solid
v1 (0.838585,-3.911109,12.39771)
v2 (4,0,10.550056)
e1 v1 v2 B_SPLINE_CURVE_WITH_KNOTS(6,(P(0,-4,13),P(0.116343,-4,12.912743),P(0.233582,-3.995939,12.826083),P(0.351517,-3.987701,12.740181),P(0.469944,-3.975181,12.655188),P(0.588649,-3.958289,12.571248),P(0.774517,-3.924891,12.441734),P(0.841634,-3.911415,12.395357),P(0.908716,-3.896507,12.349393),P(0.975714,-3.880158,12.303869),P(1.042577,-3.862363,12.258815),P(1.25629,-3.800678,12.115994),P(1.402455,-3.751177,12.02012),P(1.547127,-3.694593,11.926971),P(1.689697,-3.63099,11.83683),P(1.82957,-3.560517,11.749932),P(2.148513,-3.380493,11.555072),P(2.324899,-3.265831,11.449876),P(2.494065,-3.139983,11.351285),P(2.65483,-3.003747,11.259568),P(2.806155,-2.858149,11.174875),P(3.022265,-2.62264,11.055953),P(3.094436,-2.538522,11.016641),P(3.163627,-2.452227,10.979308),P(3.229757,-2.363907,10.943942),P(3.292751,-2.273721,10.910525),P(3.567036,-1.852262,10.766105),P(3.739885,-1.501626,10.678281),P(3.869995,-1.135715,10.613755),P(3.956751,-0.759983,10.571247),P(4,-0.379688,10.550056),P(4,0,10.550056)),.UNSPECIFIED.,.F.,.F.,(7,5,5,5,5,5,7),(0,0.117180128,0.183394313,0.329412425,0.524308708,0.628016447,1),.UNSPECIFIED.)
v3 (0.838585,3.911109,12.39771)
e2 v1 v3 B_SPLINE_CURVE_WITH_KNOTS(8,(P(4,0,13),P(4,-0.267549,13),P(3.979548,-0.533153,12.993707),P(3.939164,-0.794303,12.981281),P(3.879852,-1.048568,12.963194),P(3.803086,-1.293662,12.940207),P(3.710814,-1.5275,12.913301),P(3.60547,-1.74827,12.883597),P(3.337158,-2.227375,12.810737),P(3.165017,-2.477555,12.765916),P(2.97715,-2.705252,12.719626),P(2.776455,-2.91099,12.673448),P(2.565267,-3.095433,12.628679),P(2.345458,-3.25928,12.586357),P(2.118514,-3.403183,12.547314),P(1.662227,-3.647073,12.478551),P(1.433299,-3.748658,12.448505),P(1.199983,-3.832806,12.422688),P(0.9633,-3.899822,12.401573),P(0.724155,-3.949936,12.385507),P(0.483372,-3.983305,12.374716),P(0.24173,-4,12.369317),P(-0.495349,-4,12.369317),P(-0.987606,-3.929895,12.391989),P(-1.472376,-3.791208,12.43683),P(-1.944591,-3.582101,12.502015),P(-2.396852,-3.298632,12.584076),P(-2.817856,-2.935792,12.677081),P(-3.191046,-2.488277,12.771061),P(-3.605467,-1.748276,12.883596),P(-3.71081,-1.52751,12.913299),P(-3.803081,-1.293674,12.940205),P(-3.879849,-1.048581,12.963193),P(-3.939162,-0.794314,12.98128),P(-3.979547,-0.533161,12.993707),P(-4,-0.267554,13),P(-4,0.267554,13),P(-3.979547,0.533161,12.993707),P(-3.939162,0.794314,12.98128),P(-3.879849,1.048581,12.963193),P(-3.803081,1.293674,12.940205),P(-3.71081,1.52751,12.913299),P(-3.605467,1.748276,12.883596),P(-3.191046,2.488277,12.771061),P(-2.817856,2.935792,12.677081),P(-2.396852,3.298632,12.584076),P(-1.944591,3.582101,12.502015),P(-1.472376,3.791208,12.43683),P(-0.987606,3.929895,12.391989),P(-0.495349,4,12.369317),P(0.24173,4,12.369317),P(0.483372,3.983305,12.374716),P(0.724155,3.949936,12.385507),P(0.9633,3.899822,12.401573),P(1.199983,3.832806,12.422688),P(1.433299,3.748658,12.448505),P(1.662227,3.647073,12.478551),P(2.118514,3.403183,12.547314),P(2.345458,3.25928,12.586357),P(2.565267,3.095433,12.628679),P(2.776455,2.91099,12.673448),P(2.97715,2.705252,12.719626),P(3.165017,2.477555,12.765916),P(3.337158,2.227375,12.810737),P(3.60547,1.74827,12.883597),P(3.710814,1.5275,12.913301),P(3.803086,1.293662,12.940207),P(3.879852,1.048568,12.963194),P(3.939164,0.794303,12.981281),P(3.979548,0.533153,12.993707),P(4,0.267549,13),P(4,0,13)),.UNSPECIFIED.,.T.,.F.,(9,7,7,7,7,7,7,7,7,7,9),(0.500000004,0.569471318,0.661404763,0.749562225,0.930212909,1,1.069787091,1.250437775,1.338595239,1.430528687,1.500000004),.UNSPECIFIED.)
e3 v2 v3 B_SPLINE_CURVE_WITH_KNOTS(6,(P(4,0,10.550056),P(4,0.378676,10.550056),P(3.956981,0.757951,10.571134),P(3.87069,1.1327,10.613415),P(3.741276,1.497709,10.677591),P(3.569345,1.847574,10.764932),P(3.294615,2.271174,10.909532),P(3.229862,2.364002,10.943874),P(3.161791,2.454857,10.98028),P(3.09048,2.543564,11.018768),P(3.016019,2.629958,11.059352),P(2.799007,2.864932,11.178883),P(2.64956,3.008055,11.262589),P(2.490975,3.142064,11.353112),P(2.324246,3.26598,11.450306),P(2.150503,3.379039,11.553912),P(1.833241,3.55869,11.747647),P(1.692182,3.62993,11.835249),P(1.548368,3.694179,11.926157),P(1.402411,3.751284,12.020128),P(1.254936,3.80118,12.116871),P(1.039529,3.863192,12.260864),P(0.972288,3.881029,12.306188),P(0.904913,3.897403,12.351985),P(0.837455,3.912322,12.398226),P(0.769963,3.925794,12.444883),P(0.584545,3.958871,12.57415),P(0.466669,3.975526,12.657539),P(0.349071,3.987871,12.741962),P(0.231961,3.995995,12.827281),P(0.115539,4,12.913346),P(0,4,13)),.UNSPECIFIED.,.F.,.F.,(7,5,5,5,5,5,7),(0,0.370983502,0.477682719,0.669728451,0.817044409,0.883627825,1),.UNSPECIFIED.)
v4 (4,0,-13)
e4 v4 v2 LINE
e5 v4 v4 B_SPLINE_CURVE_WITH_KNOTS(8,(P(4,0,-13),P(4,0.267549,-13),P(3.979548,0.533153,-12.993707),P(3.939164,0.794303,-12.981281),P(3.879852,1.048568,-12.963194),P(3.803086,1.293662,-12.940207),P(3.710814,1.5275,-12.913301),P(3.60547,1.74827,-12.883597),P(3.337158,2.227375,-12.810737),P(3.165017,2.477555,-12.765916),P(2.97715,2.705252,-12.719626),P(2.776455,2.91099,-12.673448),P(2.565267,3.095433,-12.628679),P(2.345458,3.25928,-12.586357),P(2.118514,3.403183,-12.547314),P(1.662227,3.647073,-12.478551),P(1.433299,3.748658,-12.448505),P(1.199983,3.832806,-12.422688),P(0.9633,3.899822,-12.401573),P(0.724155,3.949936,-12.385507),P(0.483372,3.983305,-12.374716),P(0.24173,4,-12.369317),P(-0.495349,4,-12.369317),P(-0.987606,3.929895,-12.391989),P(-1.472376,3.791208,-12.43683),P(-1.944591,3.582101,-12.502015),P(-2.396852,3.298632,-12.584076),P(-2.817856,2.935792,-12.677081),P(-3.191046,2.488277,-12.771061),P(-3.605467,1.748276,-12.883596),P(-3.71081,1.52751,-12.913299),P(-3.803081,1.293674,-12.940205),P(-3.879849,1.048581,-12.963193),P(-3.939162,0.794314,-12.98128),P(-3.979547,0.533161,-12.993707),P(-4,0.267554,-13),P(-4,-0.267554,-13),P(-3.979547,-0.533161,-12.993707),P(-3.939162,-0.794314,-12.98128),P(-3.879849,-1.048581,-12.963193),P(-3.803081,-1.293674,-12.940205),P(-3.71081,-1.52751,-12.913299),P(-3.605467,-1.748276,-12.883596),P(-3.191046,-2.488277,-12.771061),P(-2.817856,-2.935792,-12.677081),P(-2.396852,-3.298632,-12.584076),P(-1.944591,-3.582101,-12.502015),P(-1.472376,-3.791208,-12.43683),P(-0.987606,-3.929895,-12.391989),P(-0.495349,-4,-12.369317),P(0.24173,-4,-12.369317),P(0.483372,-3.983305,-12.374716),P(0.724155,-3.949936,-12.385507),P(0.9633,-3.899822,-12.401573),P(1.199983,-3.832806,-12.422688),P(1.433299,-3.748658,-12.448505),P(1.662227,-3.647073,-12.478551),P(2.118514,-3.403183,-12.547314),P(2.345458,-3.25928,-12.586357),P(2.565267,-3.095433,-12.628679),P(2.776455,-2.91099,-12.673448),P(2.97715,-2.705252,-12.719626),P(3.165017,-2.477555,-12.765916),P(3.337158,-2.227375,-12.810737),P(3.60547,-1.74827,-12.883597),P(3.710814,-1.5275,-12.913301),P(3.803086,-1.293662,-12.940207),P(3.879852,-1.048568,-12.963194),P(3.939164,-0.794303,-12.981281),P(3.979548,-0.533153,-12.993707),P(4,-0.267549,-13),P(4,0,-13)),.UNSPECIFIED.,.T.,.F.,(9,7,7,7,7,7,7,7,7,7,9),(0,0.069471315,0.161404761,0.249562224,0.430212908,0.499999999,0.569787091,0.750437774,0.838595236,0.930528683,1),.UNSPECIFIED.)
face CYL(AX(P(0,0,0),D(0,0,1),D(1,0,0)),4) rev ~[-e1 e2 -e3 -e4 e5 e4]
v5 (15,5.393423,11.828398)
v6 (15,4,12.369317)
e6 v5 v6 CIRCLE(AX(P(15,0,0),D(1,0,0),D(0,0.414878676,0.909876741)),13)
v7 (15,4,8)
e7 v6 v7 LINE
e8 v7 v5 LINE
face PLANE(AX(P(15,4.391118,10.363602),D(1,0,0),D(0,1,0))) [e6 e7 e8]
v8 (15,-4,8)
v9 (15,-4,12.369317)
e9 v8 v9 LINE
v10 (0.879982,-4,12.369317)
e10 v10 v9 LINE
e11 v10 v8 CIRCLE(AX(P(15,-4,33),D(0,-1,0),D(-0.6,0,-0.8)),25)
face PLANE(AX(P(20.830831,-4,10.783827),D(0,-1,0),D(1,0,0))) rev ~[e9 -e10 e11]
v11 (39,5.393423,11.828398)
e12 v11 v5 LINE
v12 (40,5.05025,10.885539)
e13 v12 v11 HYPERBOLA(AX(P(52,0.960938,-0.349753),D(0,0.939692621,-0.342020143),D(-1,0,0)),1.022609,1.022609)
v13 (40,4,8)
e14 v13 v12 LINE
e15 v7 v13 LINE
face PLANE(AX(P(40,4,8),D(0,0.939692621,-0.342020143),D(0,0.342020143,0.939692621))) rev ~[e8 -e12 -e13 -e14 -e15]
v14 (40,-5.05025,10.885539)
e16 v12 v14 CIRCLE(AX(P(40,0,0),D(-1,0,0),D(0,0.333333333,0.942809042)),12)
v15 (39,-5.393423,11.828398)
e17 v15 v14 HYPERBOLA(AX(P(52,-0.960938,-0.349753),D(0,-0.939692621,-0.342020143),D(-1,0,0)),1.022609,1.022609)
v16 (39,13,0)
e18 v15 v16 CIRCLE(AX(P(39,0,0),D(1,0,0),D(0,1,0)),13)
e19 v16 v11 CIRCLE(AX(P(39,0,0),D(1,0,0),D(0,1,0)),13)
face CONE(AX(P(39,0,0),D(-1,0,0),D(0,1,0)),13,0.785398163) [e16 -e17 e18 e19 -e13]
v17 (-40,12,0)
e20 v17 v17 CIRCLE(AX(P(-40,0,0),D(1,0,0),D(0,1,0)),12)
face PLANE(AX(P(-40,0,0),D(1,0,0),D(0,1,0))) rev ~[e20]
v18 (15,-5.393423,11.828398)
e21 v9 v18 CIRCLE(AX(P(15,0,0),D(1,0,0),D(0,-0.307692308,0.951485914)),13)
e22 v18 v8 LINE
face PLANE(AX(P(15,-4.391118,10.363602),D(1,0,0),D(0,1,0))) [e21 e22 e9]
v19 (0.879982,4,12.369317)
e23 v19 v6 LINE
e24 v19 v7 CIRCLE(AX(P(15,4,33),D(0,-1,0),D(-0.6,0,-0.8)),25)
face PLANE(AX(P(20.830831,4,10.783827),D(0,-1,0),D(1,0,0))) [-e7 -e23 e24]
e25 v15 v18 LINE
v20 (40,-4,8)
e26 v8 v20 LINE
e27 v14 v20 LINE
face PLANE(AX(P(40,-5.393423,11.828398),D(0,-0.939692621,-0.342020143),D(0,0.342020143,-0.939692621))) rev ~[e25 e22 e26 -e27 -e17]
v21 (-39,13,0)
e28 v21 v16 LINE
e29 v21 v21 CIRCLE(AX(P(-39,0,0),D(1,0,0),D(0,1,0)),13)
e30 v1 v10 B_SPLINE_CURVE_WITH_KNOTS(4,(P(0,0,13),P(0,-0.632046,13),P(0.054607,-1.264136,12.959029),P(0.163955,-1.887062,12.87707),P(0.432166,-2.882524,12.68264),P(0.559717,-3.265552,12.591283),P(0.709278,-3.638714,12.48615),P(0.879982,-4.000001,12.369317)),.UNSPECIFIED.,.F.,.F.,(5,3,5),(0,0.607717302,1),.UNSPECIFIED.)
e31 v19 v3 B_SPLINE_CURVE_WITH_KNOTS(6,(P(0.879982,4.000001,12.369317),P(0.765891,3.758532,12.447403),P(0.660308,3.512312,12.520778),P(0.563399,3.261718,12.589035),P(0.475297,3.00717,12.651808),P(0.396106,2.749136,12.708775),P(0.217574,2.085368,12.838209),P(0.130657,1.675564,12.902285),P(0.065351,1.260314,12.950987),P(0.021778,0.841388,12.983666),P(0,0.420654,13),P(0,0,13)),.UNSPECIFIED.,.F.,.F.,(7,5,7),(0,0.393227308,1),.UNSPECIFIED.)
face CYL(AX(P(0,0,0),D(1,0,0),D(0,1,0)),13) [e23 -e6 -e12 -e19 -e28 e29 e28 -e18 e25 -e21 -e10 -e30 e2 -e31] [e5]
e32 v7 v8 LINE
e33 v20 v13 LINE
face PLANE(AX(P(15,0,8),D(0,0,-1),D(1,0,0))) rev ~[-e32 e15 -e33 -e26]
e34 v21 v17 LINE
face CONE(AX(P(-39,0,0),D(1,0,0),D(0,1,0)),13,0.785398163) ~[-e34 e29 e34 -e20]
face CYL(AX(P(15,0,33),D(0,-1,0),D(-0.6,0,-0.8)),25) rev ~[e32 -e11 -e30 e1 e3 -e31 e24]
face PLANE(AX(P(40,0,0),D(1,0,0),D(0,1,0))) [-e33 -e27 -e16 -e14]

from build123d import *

# Parameters (mm, degrees)
F0_R     = 13
F1_DEPTH = 40
F2_R     = 4
F3_DEPTH = 13
F4_SIZE  = 1
F6_DEPTH = 4
F8_DEPTH = 25


with BuildPart() as f1:
    # F0 (on Right) → F1 (new body, symmetric)
    with BuildSketch(Plane.YZ):
        Circle(F0_R)
    extrude(amount=F1_DEPTH, both=True)

    # F2 (on Top) → F3 (cut, symmetric)
    with BuildSketch(Plane.XY):
        Circle(F2_R)
    extrude(amount=F3_DEPTH, both=True, mode=Mode.SUBTRACT)

    # F4
    f4_edges = [f1.edges().sort_by_distance(p)[0] for p in [
        (-40, -13, 0),
        (40, -13, 0),
    ]]
    chamfer(f4_edges, length=F4_SIZE)

    # F5 (on Front) → F6 (cut, symmetric)
    with BuildSketch(Plane.XZ):
        with BuildLine():
            Line((39, 13), (0, 13))
            ThreePointArc((0, 13), (7.0943058496, 9.2829175487), (15, 8))
            Line((15, 8), (40, 8))
            Line((40, 8), (40, 12))
            Line((40, 12), (39, 13))
        make_face()
    extrude(amount=F6_DEPTH, both=True, mode=Mode.SUBTRACT)

    # F7 (on face) → F8 (cut)
    with BuildSketch(Plane.YZ.offset(40)):
        with BuildLine():
            ThreePointArc((5.3934227849, 11.8283976372), (4.7044921415, 12.1189006799), (4, 12.3693168769))
            Line((4, 12.3693168769), (4, 8))
            Line((4, 8), (5.3934227849, 11.8283976372))
        make_face()
        with BuildLine():
            Line((-5.3934227849, 11.8283976372), (-4, 8))
            Line((-4, 8), (-4, 12.3693168769))
            ThreePointArc((-4, 12.3693168769), (-4.7044921415, 12.1189006799), (-5.3934227849, 11.8283976372))
        make_face()
    extrude(amount=-F8_DEPTH, mode=Mode.SUBTRACT)


solid = f1.part
